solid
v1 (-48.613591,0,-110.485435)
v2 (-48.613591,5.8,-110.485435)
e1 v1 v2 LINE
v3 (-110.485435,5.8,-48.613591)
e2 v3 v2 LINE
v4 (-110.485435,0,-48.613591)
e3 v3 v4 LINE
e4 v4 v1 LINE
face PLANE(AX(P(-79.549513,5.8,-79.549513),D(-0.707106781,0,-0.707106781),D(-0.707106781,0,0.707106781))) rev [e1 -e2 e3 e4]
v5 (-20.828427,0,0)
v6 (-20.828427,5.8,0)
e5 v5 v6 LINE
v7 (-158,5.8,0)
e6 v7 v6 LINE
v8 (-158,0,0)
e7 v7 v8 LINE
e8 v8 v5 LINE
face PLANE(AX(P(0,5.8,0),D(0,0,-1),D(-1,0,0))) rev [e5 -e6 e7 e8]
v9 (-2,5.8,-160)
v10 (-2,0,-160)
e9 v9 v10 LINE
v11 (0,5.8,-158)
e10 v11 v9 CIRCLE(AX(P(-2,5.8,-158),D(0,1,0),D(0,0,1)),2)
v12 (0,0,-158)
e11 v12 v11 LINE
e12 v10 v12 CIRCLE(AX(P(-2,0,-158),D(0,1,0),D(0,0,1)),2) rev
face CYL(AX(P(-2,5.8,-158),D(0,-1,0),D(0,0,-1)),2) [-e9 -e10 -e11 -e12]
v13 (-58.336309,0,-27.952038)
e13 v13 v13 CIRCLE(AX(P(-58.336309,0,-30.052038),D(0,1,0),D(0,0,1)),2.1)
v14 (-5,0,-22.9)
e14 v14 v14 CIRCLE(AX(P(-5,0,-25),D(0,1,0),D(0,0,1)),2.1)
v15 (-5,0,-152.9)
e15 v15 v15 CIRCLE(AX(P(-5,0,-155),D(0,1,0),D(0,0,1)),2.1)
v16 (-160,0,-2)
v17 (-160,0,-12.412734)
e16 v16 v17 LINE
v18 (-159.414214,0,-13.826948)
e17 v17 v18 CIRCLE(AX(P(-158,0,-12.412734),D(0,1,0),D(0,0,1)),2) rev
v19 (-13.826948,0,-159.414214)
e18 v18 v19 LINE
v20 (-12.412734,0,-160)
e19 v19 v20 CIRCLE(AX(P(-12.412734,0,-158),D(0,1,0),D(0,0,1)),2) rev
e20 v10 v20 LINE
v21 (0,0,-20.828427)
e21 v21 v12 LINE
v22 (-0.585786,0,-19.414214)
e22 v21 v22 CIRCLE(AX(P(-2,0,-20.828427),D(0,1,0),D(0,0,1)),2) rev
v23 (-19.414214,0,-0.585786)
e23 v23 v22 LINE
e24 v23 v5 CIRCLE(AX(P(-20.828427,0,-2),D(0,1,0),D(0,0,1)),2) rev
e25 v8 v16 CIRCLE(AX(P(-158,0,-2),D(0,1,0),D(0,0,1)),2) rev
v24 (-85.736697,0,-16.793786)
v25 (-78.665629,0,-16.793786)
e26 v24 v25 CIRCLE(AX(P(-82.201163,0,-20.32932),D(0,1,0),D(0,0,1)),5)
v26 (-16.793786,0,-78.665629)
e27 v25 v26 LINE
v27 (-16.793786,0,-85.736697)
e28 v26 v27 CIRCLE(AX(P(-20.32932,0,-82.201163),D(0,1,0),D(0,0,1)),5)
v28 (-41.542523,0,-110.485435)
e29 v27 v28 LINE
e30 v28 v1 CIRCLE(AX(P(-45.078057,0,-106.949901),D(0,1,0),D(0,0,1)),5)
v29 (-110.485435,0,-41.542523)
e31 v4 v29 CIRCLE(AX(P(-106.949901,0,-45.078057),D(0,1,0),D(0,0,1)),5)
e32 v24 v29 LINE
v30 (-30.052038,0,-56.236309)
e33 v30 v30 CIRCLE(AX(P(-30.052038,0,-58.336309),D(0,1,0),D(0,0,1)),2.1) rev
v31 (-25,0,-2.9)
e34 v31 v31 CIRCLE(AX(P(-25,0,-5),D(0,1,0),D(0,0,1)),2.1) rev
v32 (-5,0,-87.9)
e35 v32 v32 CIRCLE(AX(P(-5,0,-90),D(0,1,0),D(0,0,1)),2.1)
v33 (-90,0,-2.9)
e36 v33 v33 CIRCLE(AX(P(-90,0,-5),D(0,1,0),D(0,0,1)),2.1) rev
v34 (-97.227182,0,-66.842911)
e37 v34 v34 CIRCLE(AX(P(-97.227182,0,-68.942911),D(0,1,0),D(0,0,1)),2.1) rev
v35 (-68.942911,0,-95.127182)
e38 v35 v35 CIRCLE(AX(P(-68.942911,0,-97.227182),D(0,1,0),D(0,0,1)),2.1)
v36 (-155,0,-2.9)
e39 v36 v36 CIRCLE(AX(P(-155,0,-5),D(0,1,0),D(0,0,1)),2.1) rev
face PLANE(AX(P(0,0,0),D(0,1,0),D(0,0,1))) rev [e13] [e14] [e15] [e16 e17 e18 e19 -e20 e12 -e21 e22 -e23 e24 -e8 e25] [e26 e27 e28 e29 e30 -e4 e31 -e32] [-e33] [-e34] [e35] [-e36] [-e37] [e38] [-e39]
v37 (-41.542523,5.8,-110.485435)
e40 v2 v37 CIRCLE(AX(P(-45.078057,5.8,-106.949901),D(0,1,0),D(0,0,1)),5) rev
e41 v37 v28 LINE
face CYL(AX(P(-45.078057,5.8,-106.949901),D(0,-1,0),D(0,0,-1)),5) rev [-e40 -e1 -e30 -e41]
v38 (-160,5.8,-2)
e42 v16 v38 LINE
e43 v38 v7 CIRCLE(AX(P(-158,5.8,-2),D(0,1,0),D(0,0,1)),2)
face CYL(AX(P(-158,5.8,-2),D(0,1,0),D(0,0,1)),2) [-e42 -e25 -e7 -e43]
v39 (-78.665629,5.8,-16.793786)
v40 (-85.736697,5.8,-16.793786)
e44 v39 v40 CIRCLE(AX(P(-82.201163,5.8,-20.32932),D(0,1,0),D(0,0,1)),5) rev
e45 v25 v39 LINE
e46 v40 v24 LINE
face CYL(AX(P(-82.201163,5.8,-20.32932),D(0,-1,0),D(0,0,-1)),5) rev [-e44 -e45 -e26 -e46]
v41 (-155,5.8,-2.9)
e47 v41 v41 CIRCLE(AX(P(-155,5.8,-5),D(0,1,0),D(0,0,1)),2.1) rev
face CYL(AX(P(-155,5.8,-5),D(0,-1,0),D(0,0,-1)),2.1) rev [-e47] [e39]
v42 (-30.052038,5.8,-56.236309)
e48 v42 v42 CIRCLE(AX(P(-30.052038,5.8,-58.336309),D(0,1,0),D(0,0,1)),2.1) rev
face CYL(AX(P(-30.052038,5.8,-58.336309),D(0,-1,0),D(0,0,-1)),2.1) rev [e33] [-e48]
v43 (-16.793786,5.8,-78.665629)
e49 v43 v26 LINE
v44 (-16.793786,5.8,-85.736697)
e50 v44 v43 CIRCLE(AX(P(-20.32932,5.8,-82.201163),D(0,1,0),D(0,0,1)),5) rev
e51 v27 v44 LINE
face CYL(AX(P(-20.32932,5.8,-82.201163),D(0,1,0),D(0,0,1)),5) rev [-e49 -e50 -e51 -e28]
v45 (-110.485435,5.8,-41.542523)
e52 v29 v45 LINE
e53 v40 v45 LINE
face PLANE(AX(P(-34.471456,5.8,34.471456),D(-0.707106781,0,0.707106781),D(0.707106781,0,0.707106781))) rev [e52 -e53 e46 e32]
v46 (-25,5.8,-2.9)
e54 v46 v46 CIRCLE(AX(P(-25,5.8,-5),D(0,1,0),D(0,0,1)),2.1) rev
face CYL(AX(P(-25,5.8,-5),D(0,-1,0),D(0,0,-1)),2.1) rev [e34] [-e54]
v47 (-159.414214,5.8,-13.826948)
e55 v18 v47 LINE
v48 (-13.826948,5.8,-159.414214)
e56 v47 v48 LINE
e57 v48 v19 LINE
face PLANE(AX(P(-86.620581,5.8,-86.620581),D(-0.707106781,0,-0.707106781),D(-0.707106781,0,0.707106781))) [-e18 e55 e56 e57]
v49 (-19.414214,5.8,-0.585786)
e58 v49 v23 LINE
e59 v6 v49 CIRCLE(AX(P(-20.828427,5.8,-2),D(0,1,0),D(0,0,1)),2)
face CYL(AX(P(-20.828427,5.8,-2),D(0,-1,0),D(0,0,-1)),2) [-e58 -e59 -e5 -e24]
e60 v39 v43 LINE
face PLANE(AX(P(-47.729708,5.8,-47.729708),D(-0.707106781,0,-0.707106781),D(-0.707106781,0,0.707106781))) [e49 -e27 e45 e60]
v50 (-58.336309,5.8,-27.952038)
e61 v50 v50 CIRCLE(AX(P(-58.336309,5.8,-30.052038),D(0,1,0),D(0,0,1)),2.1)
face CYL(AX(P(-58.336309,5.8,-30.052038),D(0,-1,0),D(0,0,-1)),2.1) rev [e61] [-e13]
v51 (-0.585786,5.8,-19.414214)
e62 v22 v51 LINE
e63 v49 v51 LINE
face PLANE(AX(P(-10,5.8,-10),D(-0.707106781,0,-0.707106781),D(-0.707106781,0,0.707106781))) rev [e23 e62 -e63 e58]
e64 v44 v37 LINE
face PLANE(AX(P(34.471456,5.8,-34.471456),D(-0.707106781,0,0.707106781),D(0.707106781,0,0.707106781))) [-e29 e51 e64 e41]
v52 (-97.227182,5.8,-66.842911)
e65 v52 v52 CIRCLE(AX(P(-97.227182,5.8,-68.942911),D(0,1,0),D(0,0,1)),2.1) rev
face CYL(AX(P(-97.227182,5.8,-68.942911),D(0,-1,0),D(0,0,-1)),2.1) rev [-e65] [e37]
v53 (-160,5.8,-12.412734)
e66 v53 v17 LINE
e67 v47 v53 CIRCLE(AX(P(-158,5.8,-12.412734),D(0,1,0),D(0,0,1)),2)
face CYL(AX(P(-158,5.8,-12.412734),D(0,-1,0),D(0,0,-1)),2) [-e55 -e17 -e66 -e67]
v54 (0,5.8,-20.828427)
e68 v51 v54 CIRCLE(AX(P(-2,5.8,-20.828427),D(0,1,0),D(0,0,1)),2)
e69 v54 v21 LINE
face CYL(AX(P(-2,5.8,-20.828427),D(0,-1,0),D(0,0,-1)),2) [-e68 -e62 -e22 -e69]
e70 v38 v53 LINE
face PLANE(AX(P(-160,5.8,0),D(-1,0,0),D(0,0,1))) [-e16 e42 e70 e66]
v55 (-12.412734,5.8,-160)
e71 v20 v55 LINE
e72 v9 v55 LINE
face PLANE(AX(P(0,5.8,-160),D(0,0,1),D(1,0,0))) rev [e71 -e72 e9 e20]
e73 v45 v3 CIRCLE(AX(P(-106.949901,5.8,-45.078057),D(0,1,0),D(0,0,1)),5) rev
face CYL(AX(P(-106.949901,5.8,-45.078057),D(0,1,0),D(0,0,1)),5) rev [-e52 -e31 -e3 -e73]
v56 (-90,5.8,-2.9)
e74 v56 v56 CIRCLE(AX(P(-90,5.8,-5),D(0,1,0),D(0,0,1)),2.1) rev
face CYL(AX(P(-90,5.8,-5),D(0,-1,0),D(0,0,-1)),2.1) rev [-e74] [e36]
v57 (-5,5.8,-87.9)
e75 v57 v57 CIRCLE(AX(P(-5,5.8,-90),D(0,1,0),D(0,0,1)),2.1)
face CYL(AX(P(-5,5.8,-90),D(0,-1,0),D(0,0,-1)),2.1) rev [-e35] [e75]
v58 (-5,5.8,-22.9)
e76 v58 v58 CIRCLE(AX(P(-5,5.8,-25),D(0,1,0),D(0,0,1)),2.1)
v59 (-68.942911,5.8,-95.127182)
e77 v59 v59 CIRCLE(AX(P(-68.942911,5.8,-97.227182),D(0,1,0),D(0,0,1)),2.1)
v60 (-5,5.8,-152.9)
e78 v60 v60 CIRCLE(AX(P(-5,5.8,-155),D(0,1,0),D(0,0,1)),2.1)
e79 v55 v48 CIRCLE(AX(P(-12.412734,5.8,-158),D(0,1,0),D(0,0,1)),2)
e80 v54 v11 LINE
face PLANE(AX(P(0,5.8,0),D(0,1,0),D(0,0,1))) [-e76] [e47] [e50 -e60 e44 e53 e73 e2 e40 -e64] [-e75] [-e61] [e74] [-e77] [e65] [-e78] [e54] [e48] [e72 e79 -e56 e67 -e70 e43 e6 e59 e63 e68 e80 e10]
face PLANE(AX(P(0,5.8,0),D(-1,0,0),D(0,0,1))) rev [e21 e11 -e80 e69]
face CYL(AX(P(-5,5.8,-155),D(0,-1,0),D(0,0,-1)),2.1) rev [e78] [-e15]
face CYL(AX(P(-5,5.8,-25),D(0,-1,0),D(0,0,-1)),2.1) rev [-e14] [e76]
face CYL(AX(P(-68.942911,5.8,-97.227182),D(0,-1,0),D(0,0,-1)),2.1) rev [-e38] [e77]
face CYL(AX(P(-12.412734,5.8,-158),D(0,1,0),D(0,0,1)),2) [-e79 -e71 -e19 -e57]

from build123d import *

# Parameters (mm, degrees)
SKETCH_1_R      = 2.1
EXTRUDE_1_DEPTH = 5.8
FILLET_1_R      = 2
FILLET_2_R      = 5


with BuildPart() as part:
    # ｽｹｯﾁ1 → ﾎﾞｽ - 押し出し1 (new body)
    with BuildSketch(Plane(origin=(0, 0, 0), x_dir=(1, 0, 0), z_dir=(0, 1, 0))):
        Polygon((0, 20), (0, 160), (-10, 160), (-13.241161391, 160), (-45.078057301, 128.16310409), (-128.16310409, 45.078057301), (-160, 13.241161391), (-160, 10), (-160, 0), (-20, 0), align=None)
        with Locations(Location((-5, 25, 0), (0, 0, 270))):
            Circle(SKETCH_1_R, mode=Mode.SUBTRACT)
        with Locations(Location((-5, 90, 0), (0, 0, 270))):
            Circle(SKETCH_1_R, mode=Mode.SUBTRACT)
        with Locations(Location((-90, 5, 0), (0, 0, 270))):
            Circle(SKETCH_1_R, mode=Mode.SUBTRACT)
        with Locations(Location((-25, 5, 0), (0, 0, 270))):
            Circle(SKETCH_1_R, mode=Mode.SUBTRACT)
        with Locations(Location((-68.942911166, 97.227182413, 0), (0, 0, 270))):
            Circle(SKETCH_1_R, mode=Mode.SUBTRACT)
        with Locations(Location((-30.0520382, 58.336309448, 0), (0, 0, 270))):
            Circle(SKETCH_1_R, mode=Mode.SUBTRACT)
        with Locations(Location((-58.336309448, 30.0520382, 0), (0, 0, 270))):
            Circle(SKETCH_1_R, mode=Mode.SUBTRACT)
        with Locations(Location((-97.227182413, 68.942911166, 0), (0, 0, 270))):
            Circle(SKETCH_1_R, mode=Mode.SUBTRACT)
        with Locations(Location((-5, 155, 0), (0, 0, 270))):
            Circle(SKETCH_1_R, mode=Mode.SUBTRACT)
        with Locations(Location((-155, 5, 0), (0, 0, 270))):
            Circle(SKETCH_1_R, mode=Mode.SUBTRACT)
        Polygon((-82.201163313, 13.258252147), (-13.258252147, 82.201163313), (-45.078057301, 114.020968466), (-114.020968466, 45.078057301), align=None, mode=Mode.SUBTRACT)
    extrude(amount=EXTRUDE_1_DEPTH)

    # ﾌｨﾚｯﾄ1
    fillet_1_edges = [part.edges().sort_by_distance(p)[0] for p in [
        (-13.241161391, 2.9, -160),
        (0, 2.9, -160),
        (0, 2.9, -20),
        (-20, 2.9, 0),
        (-160, 2.9, 0),
        (-160, 2.9, -13.241161391),
    ]]
    fillet(fillet_1_edges, radius=FILLET_1_R)

    # ﾌｨﾚｯﾄ2
    fillet_2_edges = [part.edges().sort_by_distance(p)[0] for p in [
        (-82.201163313, 2.9, -13.258252147),
        (-13.258252147, 2.9, -82.201163313),
        (-45.078057301, 2.9, -114.020968466),
        (-114.020968466, 2.9, -45.078057301),
    ]]
    fillet(fillet_2_edges, radius=FILLET_2_R)


solid = part.part
